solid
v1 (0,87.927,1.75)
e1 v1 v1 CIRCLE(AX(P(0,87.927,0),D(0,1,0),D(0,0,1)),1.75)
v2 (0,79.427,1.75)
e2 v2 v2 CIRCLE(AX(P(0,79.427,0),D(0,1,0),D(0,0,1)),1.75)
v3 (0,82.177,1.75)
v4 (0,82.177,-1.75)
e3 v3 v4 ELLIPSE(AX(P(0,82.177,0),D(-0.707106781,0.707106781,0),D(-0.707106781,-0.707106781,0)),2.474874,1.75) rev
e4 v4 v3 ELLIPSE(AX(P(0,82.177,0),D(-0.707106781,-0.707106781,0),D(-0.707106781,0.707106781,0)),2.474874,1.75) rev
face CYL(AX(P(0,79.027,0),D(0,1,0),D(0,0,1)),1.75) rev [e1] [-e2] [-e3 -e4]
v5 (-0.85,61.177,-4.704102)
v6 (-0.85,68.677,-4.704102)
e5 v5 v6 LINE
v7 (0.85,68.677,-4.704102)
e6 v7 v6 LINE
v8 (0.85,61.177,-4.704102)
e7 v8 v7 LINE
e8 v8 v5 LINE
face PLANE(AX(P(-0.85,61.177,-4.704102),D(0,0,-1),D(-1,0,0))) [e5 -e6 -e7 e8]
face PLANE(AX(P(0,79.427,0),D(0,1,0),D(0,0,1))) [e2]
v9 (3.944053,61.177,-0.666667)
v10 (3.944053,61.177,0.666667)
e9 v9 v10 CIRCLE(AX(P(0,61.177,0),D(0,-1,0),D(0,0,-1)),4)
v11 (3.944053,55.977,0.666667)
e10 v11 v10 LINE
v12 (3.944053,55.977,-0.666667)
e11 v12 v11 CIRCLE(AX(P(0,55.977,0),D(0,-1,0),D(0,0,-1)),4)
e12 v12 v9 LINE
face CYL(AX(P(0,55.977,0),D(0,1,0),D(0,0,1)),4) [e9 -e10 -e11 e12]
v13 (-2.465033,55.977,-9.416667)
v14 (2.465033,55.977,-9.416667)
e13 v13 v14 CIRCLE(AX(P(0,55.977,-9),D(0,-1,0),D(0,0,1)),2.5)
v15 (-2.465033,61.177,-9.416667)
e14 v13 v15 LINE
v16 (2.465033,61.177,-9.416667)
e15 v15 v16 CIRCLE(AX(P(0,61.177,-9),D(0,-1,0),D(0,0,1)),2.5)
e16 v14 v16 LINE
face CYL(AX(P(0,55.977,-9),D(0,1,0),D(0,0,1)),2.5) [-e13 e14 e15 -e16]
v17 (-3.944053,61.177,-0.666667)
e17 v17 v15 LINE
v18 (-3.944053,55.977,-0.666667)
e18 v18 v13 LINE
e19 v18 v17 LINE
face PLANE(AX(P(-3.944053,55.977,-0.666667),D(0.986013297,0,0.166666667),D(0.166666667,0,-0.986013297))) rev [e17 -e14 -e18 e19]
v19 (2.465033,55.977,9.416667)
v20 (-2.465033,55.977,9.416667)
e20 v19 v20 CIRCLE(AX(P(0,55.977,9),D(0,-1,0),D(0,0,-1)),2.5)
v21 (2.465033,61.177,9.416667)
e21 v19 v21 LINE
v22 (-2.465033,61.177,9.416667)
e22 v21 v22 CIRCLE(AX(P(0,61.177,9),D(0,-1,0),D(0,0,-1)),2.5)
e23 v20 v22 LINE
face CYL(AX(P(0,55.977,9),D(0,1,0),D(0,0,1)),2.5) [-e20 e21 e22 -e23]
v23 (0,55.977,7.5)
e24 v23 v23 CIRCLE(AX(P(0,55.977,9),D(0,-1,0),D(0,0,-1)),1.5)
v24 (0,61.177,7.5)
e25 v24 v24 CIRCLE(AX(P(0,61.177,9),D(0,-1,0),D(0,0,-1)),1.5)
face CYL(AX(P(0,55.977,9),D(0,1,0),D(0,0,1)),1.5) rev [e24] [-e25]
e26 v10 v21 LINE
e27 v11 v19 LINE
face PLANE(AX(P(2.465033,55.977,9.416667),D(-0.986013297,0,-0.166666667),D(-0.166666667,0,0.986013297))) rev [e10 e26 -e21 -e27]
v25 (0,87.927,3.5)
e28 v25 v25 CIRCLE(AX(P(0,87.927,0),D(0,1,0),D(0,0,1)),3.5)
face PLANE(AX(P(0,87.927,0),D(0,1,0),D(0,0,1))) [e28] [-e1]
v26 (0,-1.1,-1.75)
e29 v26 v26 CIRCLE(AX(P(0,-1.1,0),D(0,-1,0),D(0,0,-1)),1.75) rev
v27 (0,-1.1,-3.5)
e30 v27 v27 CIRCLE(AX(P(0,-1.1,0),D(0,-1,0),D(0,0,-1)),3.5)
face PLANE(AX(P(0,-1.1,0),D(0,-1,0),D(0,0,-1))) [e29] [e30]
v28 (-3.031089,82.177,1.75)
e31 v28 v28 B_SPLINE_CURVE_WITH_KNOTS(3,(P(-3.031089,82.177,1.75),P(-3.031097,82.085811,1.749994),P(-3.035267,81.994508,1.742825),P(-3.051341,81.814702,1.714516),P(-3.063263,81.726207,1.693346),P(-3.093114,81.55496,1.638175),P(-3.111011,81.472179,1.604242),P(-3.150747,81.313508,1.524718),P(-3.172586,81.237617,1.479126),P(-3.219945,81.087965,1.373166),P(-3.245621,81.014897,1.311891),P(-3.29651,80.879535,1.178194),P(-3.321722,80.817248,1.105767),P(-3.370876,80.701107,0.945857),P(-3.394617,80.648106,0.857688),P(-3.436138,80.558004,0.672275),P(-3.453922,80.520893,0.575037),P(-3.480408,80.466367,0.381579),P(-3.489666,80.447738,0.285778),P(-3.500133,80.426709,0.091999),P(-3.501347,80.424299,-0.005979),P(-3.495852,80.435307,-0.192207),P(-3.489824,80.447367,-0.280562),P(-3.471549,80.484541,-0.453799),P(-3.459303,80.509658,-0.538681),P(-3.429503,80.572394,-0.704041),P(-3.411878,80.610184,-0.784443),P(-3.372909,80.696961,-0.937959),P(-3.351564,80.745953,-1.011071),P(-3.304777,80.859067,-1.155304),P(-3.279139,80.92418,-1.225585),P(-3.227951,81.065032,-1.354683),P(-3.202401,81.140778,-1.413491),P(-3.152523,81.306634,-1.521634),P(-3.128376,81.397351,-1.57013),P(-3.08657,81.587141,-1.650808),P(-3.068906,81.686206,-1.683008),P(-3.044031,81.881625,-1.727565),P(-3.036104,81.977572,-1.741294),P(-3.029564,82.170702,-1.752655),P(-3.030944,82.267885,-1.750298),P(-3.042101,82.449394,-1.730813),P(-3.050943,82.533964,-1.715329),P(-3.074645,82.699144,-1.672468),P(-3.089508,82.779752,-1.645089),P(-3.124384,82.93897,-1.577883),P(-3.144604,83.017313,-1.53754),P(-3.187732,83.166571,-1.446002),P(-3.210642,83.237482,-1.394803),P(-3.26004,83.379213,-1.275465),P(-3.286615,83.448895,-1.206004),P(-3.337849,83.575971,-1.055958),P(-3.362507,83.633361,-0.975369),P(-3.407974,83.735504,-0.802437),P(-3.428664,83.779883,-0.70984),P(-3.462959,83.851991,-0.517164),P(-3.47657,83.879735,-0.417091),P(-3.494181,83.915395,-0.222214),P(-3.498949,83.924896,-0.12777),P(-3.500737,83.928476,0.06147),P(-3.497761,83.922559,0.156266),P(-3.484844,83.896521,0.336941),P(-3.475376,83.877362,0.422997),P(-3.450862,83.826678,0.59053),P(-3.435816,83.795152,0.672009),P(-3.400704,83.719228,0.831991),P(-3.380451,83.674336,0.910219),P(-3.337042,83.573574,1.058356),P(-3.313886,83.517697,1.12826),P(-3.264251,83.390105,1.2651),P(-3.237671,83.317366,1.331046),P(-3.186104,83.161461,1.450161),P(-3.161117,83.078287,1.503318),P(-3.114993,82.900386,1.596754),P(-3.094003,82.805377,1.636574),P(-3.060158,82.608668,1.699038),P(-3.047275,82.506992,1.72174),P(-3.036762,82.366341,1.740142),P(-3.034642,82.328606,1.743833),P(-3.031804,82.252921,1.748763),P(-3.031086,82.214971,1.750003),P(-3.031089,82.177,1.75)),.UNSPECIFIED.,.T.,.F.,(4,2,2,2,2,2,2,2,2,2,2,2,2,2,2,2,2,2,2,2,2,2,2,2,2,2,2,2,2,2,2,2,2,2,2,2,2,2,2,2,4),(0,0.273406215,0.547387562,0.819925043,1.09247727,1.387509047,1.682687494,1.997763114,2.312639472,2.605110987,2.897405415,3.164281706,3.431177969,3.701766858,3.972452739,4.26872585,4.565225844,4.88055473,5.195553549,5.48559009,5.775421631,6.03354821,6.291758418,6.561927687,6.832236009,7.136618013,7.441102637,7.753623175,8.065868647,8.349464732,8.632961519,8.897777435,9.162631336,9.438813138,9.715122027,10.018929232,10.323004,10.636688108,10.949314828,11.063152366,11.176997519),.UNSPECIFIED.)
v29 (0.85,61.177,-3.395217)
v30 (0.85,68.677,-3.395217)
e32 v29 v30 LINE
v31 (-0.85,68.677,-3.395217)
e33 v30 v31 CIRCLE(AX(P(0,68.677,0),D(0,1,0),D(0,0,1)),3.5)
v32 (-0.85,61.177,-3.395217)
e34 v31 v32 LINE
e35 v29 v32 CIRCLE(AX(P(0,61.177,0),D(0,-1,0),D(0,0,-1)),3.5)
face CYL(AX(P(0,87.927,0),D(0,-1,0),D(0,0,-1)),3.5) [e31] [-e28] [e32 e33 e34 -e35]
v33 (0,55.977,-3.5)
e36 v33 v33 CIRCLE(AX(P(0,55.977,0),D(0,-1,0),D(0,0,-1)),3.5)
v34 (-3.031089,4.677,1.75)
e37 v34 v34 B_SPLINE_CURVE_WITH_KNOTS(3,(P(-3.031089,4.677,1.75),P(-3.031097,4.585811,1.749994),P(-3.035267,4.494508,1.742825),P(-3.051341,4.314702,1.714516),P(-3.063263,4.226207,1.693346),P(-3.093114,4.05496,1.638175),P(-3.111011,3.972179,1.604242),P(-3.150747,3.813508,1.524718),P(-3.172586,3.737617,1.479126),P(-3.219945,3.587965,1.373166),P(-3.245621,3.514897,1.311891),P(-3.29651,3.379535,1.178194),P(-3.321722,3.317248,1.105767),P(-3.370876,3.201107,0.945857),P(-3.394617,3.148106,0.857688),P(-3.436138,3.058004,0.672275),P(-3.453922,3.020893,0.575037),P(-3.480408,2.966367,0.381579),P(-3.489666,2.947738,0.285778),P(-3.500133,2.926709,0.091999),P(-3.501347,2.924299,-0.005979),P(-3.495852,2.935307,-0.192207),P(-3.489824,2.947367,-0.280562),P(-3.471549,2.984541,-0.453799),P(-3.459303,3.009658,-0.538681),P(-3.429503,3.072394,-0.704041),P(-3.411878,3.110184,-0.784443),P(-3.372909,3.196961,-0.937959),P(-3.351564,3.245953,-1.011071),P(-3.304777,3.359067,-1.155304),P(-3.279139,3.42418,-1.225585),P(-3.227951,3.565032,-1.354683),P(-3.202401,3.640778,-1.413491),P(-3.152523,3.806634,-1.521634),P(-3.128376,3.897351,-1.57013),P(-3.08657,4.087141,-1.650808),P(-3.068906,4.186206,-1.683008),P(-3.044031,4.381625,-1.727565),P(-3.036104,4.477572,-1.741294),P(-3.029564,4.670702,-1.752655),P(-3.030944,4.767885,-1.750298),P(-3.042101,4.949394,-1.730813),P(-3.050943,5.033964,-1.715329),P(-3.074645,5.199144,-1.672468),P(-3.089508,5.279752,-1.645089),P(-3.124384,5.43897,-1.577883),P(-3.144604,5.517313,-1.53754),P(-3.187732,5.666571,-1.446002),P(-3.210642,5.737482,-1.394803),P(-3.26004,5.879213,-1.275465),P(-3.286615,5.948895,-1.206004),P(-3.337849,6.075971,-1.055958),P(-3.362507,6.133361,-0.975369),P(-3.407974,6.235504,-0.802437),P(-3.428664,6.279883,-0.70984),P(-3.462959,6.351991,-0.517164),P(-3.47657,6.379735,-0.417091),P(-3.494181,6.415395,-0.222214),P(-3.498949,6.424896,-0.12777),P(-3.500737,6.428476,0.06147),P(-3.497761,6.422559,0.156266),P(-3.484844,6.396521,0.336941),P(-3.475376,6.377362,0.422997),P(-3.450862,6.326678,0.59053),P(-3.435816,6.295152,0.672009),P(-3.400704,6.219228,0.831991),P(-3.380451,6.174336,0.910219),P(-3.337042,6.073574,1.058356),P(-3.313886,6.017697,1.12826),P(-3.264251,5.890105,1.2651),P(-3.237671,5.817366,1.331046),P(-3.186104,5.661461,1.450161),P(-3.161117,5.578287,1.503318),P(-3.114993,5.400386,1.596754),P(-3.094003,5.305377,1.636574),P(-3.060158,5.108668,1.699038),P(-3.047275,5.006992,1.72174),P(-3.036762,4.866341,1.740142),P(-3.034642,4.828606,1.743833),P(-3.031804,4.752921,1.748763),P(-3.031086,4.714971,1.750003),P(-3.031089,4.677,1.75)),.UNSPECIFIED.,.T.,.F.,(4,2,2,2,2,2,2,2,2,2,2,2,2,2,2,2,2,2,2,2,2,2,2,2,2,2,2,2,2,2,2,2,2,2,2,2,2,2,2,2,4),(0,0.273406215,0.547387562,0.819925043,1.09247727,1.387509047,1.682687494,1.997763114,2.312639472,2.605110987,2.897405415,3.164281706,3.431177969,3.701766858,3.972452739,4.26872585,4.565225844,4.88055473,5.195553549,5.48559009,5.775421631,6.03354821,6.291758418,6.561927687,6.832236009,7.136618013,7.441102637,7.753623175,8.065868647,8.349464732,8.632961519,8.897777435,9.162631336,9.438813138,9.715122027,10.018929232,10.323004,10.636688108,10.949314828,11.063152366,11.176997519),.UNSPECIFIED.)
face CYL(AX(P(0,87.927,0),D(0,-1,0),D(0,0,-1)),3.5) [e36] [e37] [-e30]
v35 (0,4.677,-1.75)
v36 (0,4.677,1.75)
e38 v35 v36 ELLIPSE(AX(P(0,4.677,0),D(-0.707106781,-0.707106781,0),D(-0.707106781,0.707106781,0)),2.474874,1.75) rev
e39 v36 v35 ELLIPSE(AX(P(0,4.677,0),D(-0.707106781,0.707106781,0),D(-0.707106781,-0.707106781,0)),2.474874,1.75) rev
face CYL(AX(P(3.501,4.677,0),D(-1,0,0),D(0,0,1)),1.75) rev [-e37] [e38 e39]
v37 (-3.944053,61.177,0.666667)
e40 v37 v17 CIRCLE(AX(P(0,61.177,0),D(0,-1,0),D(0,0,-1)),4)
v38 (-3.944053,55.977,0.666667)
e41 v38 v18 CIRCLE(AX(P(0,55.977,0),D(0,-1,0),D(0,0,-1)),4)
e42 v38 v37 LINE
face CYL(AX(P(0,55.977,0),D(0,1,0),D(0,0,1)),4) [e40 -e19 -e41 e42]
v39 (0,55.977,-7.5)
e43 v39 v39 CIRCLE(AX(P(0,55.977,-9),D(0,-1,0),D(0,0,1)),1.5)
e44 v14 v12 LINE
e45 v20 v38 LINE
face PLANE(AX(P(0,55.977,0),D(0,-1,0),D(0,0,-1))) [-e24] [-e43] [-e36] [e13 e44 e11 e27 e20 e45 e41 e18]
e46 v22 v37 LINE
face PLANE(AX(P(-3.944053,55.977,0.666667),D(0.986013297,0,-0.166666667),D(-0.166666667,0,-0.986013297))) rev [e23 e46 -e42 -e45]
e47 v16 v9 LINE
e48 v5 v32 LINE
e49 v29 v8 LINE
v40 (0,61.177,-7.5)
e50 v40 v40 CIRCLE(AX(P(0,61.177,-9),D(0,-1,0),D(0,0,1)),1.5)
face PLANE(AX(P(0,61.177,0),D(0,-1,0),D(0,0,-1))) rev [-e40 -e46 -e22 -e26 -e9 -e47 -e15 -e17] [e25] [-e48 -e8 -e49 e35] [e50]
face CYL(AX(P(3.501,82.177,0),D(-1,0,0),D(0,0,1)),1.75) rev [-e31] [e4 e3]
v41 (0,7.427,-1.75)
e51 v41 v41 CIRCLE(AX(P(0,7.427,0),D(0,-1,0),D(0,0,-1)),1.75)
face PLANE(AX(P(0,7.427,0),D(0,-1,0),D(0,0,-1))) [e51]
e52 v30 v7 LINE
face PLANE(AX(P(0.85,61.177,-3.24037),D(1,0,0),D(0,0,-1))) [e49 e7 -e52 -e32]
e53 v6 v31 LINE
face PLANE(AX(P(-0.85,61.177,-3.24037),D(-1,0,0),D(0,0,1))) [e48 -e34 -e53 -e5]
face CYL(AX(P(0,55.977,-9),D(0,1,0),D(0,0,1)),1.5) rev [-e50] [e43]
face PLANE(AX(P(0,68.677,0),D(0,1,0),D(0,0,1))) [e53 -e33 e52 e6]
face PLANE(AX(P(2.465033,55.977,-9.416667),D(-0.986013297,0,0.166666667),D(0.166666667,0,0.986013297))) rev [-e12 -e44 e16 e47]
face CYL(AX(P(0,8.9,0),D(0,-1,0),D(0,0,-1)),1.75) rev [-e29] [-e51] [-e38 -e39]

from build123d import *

# Parameters (mm, degrees)
SKETCH1_R           = 3.5
BOSS_EXTRUDE1_DEPTH = 87.927
SKETCH2_R           = 1.75
CUT_EXTRUDE1_DEPTH  = 8.9
CUT_EXTRUDE2_START  = -87.927
SKETCH2_2_R         = 1.75
CUT_EXTRUDE2_DEPTH  = 8.9
CUT_EXTRUDE3_REACH  = 9
SKETCH3_R           = 1.75
BOSS_EXTRUDE2_DEPTH = 7.5
SKETCH5_R           = 1.5
SKETCH5_R_2         = 3.5
BOSS_EXTRUDE3_DEPTH = 5.2
SKETCH6_R           = 3.5
SKETCH6_R_2         = 1.75
BOSS_EXTRUDE5_DEPTH = 1.1
SKETCH7_R           = 1.75
BOSS_EXTRUDE6_DEPTH = 0.4
SKETCH8_R           = 1.75
BOSS_EXTRUDE7_DEPTH = 1.473


with BuildPart() as part:
    # Sketch1 → Boss-Extrude1 (new body)
    with BuildSketch(Plane(origin=(0, 0, 0), x_dir=(1, 0, 0), z_dir=(0, 1, 0))):
        Circle(SKETCH1_R)
    extrude(amount=BOSS_EXTRUDE1_DEPTH)

    # Sketch2 → Cut-Extrude1 (cut)
    with BuildSketch(Plane.XZ):
        Circle(SKETCH2_R)
    extrude(amount=-CUT_EXTRUDE1_DEPTH, mode=Mode.SUBTRACT)

    # Sketch2<2> → Cut-Extrude2 (cut)
    with BuildSketch(Plane.XZ.offset(CUT_EXTRUDE2_START)):
        Circle(SKETCH2_2_R)
    extrude(amount=CUT_EXTRUDE2_DEPTH, mode=Mode.SUBTRACT)

    # Sketch3 → Cut-Extrude3 (cut, up to next)
    with BuildSketch(Plane.ZY.offset(3.5), mode=Mode.PRIVATE) as cut_extrude3_sk1:
        with Locations((0, 4.677)):
            Circle(SKETCH3_R)
    cut_extrude3_tool1 = extrude(cut_extrude3_sk1.sketch, amount=-CUT_EXTRUDE3_REACH, mode=Mode.PRIVATE) & part.part
    add(cut_extrude3_tool1.solids().sort_by_distance((-3.5, 4.677, 0))[0], mode=Mode.SUBTRACT)
    # Sketch3 → Cut-Extrude3 (cut, up to next)
    with BuildSketch(Plane.ZY.offset(3.5), mode=Mode.PRIVATE) as cut_extrude3_sk2:
        with Locations((0, 82.177)):
            Circle(SKETCH3_R)
    cut_extrude3_tool2 = extrude(cut_extrude3_sk2.sketch, amount=-CUT_EXTRUDE3_REACH, mode=Mode.PRIVATE) & part.part
    add(cut_extrude3_tool2.solids().sort_by_distance((-3.5, 82.177, 0))[0], mode=Mode.SUBTRACT)

    # Sketch4 → Boss-Extrude2 (add)
    with BuildSketch(Plane(origin=(0, 68.677, 0), x_dir=(1, 0, 0), z_dir=(0, 1, 0))):
        with BuildLine():
            Line((0.85, 3.240370349), (0.85, 4.704101966))
            Line((0.85, 4.704101966), (-0.85, 4.704101966))
            Line((-0.85, 4.704101966), (-0.85, 3.240370349))
            ThreePointArc((-0.85, 3.240370349), (0, -3.35), (0.85, 3.240370349))
        make_face()
    extrude(amount=-BOSS_EXTRUDE2_DEPTH)

    # Sketch5 → Boss-Extrude3 (add)
    with BuildSketch(Plane.XZ.offset(-61.177)):
        with BuildLine():
            Line((-3.944053189, 0.666666667), (-2.465033243, 9.416666667))
            ThreePointArc((-2.465033243, 9.416666667), (0, 11.5), (2.465033243, 9.416666667))
            Line((2.465033243, 9.416666667), (3.944053189, 0.666666667))
            ThreePointArc((3.944053189, 0.666666667), (4, 0), (3.944053189, -0.666666667))
            Line((3.944053189, -0.666666667), (2.465033243, -9.416666667))
            ThreePointArc((2.465033243, -9.416666667), (0, -11.5), (-2.465033243, -9.416666667))
            Line((-2.465033243, -9.416666667), (-3.944053189, -0.666666667))
            ThreePointArc((-3.944053189, -0.666666667), (-4, 0), (-3.944053189, 0.666666667))
        make_face()
        with Locations((0, 9)):
            Circle(SKETCH5_R, mode=Mode.SUBTRACT)
        Circle(SKETCH5_R_2, mode=Mode.SUBTRACT)
        with Locations((0, -9)):
            Circle(SKETCH5_R, mode=Mode.SUBTRACT)
    extrude(amount=BOSS_EXTRUDE3_DEPTH)

    # Sketch6 → Boss-Extrude5 (add)
    with BuildSketch(Plane(origin=(0, 0, 0), x_dir=(1, 0, 0), z_dir=(0, 1, 0))):
        Circle(SKETCH6_R)
        Circle(SKETCH6_R_2, mode=Mode.SUBTRACT)
    extrude(amount=-BOSS_EXTRUDE5_DEPTH)

    # Sketch7 → Boss-Extrude6 (add)
    with BuildSketch(Plane(origin=(0, 79.027, 0), x_dir=(1, 0, 0), z_dir=(0, 1, 0))):
        Circle(SKETCH7_R)
    extrude(amount=BOSS_EXTRUDE6_DEPTH)

    # Sketch8 → Boss-Extrude7 (add)
    with BuildSketch(Plane.XZ.offset(-8.9)):
        Circle(SKETCH8_R)
    extrude(amount=BOSS_EXTRUDE7_DEPTH)


solid = part.part
